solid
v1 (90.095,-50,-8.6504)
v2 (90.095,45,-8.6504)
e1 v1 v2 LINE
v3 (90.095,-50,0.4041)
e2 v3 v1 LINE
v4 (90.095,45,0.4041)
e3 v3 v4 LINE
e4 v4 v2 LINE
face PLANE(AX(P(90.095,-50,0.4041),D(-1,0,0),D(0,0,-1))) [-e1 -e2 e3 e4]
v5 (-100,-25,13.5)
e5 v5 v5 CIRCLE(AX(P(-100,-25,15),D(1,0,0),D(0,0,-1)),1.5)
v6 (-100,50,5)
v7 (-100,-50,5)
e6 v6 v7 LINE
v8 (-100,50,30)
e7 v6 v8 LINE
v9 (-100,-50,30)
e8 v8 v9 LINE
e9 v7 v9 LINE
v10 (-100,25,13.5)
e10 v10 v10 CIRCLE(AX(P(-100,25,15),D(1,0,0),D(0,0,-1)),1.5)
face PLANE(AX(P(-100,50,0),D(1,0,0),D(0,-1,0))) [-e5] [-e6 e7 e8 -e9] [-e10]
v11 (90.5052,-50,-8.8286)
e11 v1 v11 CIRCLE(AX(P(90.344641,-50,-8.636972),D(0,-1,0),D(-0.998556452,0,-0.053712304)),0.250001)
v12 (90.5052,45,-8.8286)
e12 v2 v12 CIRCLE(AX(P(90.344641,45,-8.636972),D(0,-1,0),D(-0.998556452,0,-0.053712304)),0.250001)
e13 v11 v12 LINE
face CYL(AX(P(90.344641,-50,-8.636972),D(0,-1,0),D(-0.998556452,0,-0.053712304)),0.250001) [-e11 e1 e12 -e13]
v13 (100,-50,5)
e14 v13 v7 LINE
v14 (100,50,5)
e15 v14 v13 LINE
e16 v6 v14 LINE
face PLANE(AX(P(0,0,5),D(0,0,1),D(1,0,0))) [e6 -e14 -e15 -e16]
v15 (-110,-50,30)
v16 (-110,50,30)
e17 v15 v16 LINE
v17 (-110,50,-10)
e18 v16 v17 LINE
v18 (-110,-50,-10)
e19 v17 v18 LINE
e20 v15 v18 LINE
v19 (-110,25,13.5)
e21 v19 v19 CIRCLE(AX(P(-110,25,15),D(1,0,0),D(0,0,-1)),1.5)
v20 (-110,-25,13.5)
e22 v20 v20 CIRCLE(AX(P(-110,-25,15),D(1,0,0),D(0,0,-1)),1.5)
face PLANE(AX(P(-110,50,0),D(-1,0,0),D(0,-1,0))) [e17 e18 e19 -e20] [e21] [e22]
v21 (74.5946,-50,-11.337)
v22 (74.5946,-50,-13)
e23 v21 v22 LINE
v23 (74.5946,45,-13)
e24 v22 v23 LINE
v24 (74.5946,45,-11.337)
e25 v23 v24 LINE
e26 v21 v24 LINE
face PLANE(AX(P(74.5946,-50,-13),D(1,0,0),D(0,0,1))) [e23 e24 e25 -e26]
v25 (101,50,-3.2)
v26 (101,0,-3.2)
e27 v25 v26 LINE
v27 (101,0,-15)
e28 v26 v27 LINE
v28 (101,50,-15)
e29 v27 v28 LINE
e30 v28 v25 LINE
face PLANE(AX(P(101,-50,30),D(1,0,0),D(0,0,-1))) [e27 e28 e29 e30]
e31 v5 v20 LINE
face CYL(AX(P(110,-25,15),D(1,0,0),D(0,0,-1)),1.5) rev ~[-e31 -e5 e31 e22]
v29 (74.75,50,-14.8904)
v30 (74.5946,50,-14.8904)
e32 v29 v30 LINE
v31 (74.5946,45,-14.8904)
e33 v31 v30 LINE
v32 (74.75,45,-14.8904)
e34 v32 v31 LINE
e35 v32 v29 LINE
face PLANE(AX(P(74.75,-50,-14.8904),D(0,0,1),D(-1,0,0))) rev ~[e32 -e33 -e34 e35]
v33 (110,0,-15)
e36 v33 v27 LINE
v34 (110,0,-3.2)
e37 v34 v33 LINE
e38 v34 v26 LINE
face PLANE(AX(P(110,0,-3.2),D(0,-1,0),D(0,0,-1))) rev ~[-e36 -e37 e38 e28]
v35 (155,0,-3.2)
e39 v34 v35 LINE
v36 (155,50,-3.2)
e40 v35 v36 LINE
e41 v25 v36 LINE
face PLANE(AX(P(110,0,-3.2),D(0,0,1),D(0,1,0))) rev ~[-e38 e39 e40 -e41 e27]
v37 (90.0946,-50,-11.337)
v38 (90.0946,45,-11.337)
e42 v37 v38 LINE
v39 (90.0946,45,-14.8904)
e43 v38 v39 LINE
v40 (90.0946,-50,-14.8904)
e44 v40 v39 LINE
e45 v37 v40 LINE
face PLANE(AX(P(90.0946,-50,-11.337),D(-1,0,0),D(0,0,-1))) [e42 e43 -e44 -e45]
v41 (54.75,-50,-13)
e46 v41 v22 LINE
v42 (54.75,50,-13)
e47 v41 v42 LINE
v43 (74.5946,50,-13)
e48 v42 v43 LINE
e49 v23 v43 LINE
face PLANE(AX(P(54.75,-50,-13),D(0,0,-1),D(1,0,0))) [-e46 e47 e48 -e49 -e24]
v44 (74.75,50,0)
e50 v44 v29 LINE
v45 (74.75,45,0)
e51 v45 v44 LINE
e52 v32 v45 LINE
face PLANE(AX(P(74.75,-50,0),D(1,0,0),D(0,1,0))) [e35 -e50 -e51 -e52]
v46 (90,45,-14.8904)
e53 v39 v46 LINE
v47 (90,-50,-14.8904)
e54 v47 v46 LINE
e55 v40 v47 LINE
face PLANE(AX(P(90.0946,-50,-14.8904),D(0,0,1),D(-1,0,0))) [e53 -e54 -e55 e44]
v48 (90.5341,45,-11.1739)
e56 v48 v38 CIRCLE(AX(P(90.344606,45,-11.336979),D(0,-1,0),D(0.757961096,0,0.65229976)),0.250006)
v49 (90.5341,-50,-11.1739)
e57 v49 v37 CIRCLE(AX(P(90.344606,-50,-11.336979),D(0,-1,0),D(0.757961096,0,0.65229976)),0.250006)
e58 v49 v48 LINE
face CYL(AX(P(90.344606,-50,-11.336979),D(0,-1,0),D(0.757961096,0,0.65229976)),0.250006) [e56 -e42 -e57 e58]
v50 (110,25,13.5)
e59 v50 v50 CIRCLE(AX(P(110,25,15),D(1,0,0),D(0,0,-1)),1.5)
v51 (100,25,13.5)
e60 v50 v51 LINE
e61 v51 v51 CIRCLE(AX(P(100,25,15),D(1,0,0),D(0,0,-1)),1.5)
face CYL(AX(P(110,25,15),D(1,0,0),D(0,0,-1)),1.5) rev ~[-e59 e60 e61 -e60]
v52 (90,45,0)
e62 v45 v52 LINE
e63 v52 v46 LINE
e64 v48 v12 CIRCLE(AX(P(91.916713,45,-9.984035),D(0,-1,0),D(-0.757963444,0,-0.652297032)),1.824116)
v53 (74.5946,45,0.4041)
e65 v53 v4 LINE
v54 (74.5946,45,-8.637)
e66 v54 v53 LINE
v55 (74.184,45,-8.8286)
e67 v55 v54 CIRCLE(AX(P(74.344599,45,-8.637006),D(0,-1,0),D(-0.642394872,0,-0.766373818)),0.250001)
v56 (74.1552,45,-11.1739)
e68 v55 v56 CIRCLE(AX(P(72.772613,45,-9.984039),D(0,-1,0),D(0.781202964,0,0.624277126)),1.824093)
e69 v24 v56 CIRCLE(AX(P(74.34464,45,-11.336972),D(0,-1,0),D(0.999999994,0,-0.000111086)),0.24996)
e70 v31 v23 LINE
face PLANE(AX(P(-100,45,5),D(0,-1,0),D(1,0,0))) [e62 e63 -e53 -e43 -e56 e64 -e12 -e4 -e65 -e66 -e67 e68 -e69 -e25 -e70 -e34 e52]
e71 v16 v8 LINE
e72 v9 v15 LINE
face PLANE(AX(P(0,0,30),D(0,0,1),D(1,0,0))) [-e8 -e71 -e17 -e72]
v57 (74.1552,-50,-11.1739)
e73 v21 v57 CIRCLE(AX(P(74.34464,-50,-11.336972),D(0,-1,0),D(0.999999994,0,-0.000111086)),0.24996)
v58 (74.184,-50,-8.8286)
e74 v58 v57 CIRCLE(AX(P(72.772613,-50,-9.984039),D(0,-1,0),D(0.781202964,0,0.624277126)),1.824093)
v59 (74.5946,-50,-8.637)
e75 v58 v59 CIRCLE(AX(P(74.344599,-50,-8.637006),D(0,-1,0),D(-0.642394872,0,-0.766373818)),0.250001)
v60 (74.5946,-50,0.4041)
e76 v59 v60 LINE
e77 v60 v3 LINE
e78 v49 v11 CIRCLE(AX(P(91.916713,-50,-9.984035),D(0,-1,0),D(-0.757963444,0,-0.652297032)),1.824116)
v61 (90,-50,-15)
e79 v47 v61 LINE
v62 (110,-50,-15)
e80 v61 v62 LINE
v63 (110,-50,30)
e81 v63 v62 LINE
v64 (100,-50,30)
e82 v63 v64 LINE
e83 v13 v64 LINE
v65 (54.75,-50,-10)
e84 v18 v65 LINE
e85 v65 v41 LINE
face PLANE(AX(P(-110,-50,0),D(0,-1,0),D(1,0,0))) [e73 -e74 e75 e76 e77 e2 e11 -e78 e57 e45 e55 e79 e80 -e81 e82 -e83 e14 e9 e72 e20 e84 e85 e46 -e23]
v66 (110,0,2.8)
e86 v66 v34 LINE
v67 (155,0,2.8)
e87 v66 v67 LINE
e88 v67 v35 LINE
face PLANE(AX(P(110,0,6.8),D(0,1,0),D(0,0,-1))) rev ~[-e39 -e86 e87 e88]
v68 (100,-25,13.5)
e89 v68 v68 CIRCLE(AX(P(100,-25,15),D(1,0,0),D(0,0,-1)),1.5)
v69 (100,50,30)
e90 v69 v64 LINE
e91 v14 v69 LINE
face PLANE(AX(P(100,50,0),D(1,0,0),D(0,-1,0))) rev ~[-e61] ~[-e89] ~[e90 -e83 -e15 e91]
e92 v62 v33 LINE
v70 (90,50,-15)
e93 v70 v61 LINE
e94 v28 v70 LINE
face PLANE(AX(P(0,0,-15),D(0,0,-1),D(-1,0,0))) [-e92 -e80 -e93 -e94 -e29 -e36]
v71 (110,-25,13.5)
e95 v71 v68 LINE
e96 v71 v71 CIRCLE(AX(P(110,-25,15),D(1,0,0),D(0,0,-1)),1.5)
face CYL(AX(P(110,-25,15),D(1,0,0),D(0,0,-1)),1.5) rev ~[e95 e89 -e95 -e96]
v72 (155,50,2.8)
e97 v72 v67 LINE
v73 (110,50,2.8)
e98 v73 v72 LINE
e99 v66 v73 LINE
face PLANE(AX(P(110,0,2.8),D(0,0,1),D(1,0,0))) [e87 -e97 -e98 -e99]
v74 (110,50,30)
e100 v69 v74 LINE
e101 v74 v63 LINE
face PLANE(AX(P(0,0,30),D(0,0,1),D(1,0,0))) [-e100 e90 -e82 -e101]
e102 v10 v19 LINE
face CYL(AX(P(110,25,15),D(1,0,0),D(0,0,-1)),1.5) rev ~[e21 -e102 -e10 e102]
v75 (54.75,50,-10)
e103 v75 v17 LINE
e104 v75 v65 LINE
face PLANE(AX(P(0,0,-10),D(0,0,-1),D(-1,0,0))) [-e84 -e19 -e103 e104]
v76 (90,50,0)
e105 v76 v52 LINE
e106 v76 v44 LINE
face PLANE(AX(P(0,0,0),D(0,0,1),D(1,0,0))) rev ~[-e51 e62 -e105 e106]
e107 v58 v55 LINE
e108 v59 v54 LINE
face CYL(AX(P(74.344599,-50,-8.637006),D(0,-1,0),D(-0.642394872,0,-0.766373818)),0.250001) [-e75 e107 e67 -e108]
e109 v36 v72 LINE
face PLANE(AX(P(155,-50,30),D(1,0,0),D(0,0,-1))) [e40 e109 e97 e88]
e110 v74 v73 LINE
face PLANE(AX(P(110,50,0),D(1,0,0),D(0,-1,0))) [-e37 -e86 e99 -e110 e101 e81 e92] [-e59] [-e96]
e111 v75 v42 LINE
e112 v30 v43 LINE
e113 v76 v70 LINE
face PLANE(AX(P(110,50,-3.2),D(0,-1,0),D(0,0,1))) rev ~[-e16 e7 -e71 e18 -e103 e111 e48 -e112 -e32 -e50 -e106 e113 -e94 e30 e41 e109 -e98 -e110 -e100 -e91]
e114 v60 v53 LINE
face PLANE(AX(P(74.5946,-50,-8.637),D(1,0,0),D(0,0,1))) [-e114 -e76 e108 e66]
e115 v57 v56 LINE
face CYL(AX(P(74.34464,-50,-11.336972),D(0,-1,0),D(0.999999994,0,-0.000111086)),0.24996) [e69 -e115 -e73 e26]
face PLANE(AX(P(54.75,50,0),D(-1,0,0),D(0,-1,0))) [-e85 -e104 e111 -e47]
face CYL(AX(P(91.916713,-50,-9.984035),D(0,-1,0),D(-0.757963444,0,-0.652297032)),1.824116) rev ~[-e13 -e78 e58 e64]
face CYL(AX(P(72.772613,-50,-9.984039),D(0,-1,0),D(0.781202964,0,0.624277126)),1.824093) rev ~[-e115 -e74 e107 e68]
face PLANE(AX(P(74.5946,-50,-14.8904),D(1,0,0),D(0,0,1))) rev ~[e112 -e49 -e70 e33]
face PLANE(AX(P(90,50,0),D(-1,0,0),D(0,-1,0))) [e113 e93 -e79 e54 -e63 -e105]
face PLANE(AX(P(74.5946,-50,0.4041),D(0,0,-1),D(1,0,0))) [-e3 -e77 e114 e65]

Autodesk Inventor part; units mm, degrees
sketch "Sketch1" plane through (0, 0, 0) normal (0, 0, 1) x (1, 0, 0)
  line L0 (-110, 50) -> (110, 50)
  line L1 (110, 50) -> (110, -50)
  line L2 (110, -50) -> (-110, -50)
  line L3 (-110, -50) -> (-110, 50)
  line L4 (-110, 50) -> (110, -50) construction
  line L5 (110, 50) -> (-110, -50) construction
  line L6 (110, 50) -> (100, 50)
  line L7 (100, 50) -> (100, -50)
  line L8 (100, -50) -> (110, -50)
  line L9 (110, -50) -> (110, 50)
  line L10 (-110, 50) -> (-100, 50)
  line L11 (-100, 50) -> (-100, -50)
  line L12 (-100, -50) -> (-110, -50)
  line L13 (-110, -50) -> (-110, 50)
  point P0 (0, 0)
  dimension "d0" = 220
  dimension "d1" = 100
  dimension "d2" = 10
  dimension "d3" = 10
extrude "Extrusion1" add sketch "Sketch1" along normal blind 5 contours L0 L7 L2 L11
extrude "Extrusion2" add sketch "Sketch1" along normal blind 30 contours L0 L11 L2 L3 | L0 L1 L2 L7
sketch "Sketch2" plane through (110, -50, 0) normal (1, 0, 0) x (0, 0, -1)
  circle A0 centre (-15, 75) radius 1.5
  circle A1 centre (-15, 25) radius 1.5
  line L0 (0, 100) -> (-30, 100) projected
  line L1 (0, 0) -> (-30, 0) projected
  point P0 (0, 50)
  point P1 (-15, 100)
  point P2 (-15, 0)
  dimension "d8" = 3
  dimension "d9" = 3
  dimension "d10" = 25
  dimension "d11" = 25
extrude "Extrusion3" cut sketch "Sketch2" against normal blind 300
ref_plane "Work Plane1" through (0, 0, 2.5) normal (0, 0, -1) x (-1, 0, 0)
sketch "Sketch5" plane through (-100, -50, 5) normal (0, -1, 0) x (1, 0, 0)
  point P0 (100, -5)
sketch "Sketch6" plane through (0, 0, 0) normal (0, 0, -1) x (-1, 0, 0)
  line L0 (-110, 50) -> (110, 50) projected
  line L1 (-90, 50) -> (-75, 50)
  point P0 (0, 0)
sketch "Sketch7" plane through (-100, -50, 5) normal (0, -1, 0) x (1, 0, 0)
  point P0 (100, -5)
sketch "Sketch10" plane through (0, 0, 0) normal (0, 0, -1) x (-1, 0, 0)
  point P0 (0, 0)
sketch "Sketch11" plane through (-100, -50, 5) normal (0, -1, 0) x (1, 0, 0)
  point P0 (100, -5)
sketch "Sketch12" plane through (-100, -50, 5) normal (0, -1, 0) x (1, 0, 0)
  point P0 (100, -5)
sketch "Sketch13" plane through (-100, -50, 5) normal (0, -1, 0) x (1, 0, 0)
  point P0 (100, -5)
sketch "Sketch14" plane through (-100, -50, 5) normal (0, -1, 0) x (1, 0, 0)
  point P0 (100, -5)
ref_plane "Work Plane3" through (-100, -40, 5) normal (0, -1, 0) x (1, 0, 0)
sketch "Sketch16" plane through (0, 0, 0) normal (0, 0, -1) x (-1, 0, 0)
  point P0 (0, 0)
sketch "Sketch18" plane through (-100, -50, 5) normal (0, -1, 0) x (1, 0, 0)
  point P0 (100, -5)
sketch "Sketch20" plane through (0, 0, 0) normal (0, 0, -1) x (-1, 0, 0)
  line L0 (-110, 50) -> (110, 50) projected
  line L1 (100, -50) -> (-100, -50) projected
  line L2 (-110, 50) -> (-90, 50)
  line L3 (-90, 50) -> (-90, -50)
  line L4 (-90, -50) -> (-110, -50)
  line L5 (-110, -50) -> (-110, 50)
  line L6 (-100, 50) -> (100, 50) projected
  line L7 (-74.75, 50) -> (-54.75, 50)
  line L8 (-54.75, 50) -> (-54.75, -50)
  line L9 (-54.75, -50) -> (-74.75, -50)
  line L10 (-74.75, -50) -> (-74.75, 50)
  point P0 (0, 0)
  point P1 (-74.75, 50)
  point P2 (-74.75, -50)
  dimension "d46" = 20
  dimension "d47" = 20
  dimension "d48" = 15.25
extrude "Extrusion10" add sketch "Sketch20" along normal blind 15 contours L0 L3 L1 L4 L5 | L0 L8 L1 L10
ref_plane "Work Plane5" through (-100, -50, 5) normal (0, -1, 0) x (1, 0, 0)
sketch "Sketch22" plane through (-100, -50, 5) normal (0, -1, 0) x (1, 0, 0)
  line L0 (174.75, -5) -> (190, -5) projected
  line L1 (182.375, -5) -> (182.375, -19.781)
  arc A0 (174.1976, -13.8453) -> (174.1552, -16.1739) centre (172.7726, -14.984) ccw
  arc A1 (174.184, -13.8286) -> (174.1552, -16.1739) centre (172.7726, -14.984) ccw
  arc A2 (174.184, -13.8286) -> (174.5946, -13.637) centre (174.3446, -13.637) ccw
  line L2 (174.5946, -13.637) -> (174.5946, -4.5959)
  line L3 (174.5946, -4.5959) -> (190.095, -4.5959)
  line L4 (190.095, -4.5959) -> (190.095, -13.6504)
  arc A3 (190.095, -13.6504) -> (190.5052, -13.8286) centre (190.3446, -13.637) ccw
  arc A4 (190.5341, -16.1739) -> (190.5052, -13.8286) centre (191.9167, -14.984) ccw
  arc A5 (190.5341, -16.1739) -> (190.0946, -16.337) centre (190.3446, -16.337) ccw
  line L5 (190.0946, -16.337) -> (190.0946, -19.8904)
  line L6 (190.0946, -19.8904) -> (174.5946, -19.8904)
  line L7 (174.5946, -19.8904) -> (174.5946, -16.337)
  arc A6 (174.5946, -16.337) -> (174.1552, -16.1739) centre (174.3446, -16.337) ccw
  line L8 (174.75, -5) -> (174.75, -20) projected
  circle A7 centre (182.375, -12.3905) radius 0.9755 construction
  line L9 (190, -5) -> (190, -20) projected
  line L10 (154.75, -5) -> (154.75, -20) projected
  line L11 (174.75, -20) -> (154.75, -20)
  line L12 (154.75, -20) -> (154.75, -18)
  line L13 (154.75, -18) -> (174.75, -18)
  line L14 (174.75, -18) -> (174.75, -20)
  point P0 (100, -5)
  point P1 (182.7765, -10.9918)
  point P2 (174.184, -13.8286)
  point P3 (174.75, -19.8904)
  point P4 (190, -19.8904)
  point P5 (174.5946, -18)
  dimension "d74" = 2
extrude "Extrusion13" cut sketch "Sketch22" against normal blind 95 contours L8 L13 L7 A6 A0 A2 L2 L3 L4 A3 A4 A5 L5 L6 L9 L0 | L8 L6 L7 L13
sketch "Sketch23" plane through (0, 0, 0) normal (0, 0, -1) x (-1, 0, 0)
  line L0 (110, -50) -> (-54.75, -50) projected
  line L1 (-54.75, 50) -> (-54.75, -50) projected
  line L2 (110, -50) -> (-54.75, -50)
  line L3 (-54.75, -50) -> (-54.75, 50)
  line L4 (-54.75, 50) -> (110, 50)
  line L5 (110, 50) -> (110, -50)
  point P0 (0, 0)
extrude "Extrusion14" add sketch "Sketch23" along normal blind 10
extrude "Extrusion15" cut sketch "Sketch22" against normal blind 100 contours L8 L11 L10 L13 L7 L6
sketch "Sketch24" plane through (110, -50, 30) normal (1, 0, 0) x (0, 0, -1)
  line L0 (45, 100) -> (0, 100) projected
  line L1 (45, 100) -> (33.2, 100)
  line L2 (33.2, 100) -> (33.2, 50)
  line L3 (33.2, 50) -> (45, 50)
  line L4 (45, 50) -> (45, 100)
  point P0 (30, 50)
  dimension "d77" = 11.8
extrude "Extrusion16" cut sketch "Sketch24" against normal blind 9
sketch "Sketch25" plane through (110, -50, 30) normal (1, 0, 0) x (0, 0, -1)
  line L0 (40, 100) -> (0, 100) projected
  line L1 (33.2, 100) -> (23.2, 100)
  line L2 (23.2, 100) -> (23.2, 50)
  line L3 (23.2, 50) -> (33.2, 50)
  line L4 (33.2, 50) -> (33.2, 100)
  line L5 (33.2, 50) -> (33.2, 100) projected
  point P0 (30, 50)
  dimension "d80" = 10
extrude "Extrusion17" add sketch "Sketch25" along normal blind 45
sketch "Sketch26" plane through (110, 0, 6.8) normal (0, 0, 1) x (1, 0, 0)
  line L0 (0, 0) -> (0, 50) projected
  line L1 (0, 0) -> (45, 0) projected
  line L2 (45, 50) -> (45, 0) projected
  line L3 (0, 50) -> (45, 50) projected
  point P0 (-110, 0)
extrude "Extrusion18" cut sketch "Sketch26" against normal blind 4
properties part number "offloadbase"
